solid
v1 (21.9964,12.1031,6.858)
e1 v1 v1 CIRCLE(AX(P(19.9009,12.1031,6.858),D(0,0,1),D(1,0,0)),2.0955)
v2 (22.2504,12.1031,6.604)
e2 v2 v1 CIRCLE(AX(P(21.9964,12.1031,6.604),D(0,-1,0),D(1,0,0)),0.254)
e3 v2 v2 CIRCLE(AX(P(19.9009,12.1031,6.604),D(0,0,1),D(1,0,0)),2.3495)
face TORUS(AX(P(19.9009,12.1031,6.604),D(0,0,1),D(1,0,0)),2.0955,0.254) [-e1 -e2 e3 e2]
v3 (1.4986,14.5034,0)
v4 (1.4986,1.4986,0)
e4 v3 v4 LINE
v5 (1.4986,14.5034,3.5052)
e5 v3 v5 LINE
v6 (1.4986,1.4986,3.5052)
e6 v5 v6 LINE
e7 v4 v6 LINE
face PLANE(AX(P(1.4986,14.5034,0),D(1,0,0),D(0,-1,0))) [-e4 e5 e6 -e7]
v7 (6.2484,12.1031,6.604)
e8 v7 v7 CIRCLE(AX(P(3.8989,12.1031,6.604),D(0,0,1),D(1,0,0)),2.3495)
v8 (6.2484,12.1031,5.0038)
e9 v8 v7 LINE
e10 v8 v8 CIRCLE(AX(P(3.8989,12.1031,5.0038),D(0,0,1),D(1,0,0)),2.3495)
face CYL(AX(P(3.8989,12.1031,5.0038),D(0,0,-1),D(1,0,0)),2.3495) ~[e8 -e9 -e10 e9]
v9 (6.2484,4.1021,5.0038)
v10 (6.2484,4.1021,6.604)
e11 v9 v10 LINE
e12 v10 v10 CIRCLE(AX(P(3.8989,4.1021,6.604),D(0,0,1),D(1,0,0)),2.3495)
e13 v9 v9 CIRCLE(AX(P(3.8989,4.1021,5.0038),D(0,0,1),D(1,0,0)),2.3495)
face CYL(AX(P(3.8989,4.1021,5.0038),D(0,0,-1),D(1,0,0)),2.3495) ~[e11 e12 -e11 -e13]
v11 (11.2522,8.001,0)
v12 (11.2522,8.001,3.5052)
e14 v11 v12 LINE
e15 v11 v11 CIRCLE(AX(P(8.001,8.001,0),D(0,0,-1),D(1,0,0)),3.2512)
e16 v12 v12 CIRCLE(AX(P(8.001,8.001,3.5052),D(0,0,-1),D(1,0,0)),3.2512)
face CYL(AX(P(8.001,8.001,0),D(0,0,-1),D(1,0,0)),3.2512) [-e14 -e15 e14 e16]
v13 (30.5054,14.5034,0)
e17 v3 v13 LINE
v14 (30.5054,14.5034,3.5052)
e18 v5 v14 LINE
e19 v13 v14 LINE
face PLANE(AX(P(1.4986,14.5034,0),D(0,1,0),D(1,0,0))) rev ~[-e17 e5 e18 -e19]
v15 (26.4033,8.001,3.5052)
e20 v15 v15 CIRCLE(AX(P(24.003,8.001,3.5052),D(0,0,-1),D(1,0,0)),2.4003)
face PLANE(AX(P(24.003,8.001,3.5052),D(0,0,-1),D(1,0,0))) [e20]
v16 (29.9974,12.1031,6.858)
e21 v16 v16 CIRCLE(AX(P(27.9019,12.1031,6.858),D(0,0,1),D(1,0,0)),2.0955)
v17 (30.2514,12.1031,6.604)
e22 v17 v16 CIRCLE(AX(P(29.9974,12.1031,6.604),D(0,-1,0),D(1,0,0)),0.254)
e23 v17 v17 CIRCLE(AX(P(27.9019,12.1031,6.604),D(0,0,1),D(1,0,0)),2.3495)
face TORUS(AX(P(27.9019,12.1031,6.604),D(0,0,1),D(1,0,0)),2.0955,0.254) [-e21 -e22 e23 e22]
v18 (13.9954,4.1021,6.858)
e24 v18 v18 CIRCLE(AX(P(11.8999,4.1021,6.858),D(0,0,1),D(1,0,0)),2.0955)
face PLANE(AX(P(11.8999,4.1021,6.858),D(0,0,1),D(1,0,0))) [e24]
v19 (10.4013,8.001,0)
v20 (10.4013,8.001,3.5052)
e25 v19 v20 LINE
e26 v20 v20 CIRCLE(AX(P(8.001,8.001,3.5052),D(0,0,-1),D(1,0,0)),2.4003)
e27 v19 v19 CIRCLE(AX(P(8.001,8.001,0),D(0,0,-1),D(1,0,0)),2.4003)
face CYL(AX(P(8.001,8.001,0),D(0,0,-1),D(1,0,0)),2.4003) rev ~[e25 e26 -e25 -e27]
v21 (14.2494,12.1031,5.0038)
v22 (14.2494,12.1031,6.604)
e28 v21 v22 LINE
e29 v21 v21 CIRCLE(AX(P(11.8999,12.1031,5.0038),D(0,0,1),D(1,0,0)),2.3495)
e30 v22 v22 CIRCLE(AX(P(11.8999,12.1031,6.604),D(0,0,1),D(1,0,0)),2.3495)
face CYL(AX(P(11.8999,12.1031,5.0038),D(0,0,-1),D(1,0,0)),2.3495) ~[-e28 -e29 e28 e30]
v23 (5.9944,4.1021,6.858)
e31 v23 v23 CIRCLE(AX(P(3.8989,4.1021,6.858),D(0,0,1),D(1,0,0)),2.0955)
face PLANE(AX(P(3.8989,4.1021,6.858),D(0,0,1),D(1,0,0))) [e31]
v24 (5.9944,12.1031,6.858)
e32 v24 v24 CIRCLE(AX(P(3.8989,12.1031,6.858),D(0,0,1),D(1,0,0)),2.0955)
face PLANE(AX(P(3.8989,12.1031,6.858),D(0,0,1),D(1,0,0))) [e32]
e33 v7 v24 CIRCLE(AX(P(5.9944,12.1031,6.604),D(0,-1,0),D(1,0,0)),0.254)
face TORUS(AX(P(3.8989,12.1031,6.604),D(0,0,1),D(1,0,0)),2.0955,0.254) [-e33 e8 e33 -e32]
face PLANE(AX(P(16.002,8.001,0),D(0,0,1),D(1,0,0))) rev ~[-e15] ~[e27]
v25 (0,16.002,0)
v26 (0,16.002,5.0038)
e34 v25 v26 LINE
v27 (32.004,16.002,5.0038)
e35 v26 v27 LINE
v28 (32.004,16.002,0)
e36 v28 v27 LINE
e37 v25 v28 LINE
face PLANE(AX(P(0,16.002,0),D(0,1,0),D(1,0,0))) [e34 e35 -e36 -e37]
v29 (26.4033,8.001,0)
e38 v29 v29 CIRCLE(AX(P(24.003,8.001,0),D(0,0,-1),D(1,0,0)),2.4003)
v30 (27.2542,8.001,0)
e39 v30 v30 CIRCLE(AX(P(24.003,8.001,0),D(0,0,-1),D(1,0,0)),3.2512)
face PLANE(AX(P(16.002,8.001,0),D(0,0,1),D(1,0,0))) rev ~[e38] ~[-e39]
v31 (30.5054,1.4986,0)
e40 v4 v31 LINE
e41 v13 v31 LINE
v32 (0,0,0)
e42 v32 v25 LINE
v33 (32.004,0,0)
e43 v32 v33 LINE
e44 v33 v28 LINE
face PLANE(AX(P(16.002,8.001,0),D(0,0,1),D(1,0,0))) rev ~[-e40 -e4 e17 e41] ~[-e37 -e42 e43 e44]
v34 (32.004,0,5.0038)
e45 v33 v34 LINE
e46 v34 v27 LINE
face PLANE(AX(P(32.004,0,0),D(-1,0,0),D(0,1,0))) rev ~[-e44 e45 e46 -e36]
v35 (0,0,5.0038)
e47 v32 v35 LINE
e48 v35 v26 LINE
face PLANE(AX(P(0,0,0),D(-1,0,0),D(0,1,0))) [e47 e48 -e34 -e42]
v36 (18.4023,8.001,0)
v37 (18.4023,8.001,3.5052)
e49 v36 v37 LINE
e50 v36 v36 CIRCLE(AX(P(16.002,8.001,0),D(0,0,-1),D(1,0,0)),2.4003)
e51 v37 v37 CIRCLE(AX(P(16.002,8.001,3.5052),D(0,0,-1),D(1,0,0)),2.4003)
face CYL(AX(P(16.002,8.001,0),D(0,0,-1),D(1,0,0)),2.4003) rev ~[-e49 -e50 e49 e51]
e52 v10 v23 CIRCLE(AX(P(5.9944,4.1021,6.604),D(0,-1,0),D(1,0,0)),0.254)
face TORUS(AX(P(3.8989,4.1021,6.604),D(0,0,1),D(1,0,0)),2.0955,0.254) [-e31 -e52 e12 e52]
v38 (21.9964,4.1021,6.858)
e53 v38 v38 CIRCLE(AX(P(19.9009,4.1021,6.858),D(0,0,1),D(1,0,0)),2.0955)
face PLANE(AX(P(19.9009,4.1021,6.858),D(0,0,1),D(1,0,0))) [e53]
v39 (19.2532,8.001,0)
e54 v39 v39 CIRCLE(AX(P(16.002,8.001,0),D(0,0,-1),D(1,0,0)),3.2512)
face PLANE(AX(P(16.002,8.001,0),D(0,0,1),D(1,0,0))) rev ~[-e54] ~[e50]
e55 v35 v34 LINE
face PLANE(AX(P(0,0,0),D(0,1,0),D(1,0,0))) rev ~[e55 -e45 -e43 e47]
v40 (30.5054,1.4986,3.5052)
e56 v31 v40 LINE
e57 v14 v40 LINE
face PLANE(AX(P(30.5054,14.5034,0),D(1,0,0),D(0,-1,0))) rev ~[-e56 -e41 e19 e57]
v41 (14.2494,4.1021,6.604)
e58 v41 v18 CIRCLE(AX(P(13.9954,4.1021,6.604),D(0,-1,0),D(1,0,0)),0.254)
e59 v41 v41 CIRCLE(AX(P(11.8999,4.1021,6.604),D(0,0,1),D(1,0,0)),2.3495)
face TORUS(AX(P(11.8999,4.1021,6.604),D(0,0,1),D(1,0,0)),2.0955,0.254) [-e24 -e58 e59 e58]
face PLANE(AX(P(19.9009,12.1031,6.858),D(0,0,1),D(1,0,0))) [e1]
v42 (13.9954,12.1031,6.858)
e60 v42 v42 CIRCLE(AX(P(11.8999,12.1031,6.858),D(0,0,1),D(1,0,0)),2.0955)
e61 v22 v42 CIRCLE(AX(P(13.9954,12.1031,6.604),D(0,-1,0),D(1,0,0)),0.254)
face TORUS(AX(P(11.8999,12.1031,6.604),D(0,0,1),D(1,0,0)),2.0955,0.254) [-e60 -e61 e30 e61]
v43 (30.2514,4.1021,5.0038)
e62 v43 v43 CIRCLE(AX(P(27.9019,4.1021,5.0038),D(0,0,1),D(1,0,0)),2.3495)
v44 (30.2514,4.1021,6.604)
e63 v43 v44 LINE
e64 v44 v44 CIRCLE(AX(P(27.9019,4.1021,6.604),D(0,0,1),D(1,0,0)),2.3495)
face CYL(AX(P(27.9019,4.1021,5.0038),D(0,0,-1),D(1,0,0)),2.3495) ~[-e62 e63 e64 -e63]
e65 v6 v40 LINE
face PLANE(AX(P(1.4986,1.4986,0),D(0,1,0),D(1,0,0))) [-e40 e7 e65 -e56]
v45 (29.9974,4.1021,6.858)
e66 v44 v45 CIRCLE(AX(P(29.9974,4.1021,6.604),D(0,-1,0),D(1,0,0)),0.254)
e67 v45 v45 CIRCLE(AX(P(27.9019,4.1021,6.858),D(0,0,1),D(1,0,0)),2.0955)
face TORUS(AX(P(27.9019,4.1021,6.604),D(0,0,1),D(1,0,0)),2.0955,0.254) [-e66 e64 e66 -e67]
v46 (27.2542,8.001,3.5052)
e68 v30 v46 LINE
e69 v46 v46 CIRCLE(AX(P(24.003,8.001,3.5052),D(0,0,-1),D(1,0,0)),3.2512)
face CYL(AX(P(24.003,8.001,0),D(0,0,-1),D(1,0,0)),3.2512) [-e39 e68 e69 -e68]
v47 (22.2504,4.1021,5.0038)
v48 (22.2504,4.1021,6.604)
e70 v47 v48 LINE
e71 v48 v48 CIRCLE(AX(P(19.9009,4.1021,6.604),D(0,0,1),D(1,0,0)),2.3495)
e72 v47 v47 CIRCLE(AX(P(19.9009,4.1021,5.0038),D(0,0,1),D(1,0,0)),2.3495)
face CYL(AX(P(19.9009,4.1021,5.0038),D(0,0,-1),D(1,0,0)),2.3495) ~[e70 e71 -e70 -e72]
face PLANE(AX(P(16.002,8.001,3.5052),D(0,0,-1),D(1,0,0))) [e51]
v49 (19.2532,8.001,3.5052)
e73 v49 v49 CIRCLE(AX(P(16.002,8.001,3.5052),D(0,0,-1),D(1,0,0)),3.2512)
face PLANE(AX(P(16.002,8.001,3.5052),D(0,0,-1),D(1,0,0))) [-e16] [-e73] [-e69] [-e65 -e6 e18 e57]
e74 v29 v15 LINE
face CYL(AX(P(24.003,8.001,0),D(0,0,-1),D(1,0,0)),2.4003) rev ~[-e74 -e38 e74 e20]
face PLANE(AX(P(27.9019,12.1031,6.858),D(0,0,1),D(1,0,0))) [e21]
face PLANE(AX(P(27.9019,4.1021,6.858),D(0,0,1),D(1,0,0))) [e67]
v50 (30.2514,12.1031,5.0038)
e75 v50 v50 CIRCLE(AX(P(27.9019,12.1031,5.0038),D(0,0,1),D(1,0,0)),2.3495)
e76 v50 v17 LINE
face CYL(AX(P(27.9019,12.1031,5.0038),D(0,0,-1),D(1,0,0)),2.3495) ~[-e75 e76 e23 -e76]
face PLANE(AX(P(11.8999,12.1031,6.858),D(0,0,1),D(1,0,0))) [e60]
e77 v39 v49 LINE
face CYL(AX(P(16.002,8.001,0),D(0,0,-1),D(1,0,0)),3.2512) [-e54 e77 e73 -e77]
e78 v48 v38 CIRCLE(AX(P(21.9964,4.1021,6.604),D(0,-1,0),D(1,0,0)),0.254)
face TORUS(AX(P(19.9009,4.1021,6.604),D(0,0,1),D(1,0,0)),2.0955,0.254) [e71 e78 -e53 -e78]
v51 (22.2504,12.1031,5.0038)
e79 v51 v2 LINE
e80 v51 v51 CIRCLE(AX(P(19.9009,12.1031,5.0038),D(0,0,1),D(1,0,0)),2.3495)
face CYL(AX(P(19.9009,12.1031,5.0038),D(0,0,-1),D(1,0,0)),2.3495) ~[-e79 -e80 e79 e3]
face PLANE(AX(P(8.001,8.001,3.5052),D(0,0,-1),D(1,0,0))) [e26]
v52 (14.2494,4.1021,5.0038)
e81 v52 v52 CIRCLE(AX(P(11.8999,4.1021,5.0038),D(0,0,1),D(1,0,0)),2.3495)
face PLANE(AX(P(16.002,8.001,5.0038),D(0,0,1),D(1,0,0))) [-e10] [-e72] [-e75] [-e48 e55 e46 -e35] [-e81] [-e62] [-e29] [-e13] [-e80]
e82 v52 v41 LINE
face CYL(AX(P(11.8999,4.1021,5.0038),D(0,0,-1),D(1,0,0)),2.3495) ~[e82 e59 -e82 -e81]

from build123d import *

# Parameters (mm, degrees)
F0_W     = 32.004
F0_H     = 16.002
F1_DEPTH = 5.0038
F2_R     = 2.3495
F3_DEPTH = 1.8542
F4_R     = 0.254
F5_W     = 29.0068
F5_H     = 13.0048
F5_R     = 3.2512
F5_R_2   = 2.4003
F6_DEPTH = 3.5052


with BuildPart() as f1:
    # F0 (on Top) → F1 (new body)
    with BuildSketch(Plane.XY):
        with Locations((16.002, 8.001)):
            Rectangle(F0_W, F0_H)
    extrude(amount=F1_DEPTH)

    # F2 (on face) → F3 (join)
    with BuildSketch(Plane.XY.offset(5.0038)):
        with Locations((3.8989, 4.1021)):
            Circle(F2_R)
        with Locations((11.8999, 4.1021)):
            Circle(F2_R)
        with Locations((19.9009, 4.1021)):
            Circle(F2_R)
        with Locations((3.8989, 12.1031)):
            Circle(F2_R)
        with Locations((11.8999, 12.1031)):
            Circle(F2_R)
        with Locations((19.9009, 12.1031)):
            Circle(F2_R)
        with Locations((27.9019, 12.1031)):
            Circle(F2_R)
        with Locations((27.9019, 4.1021)):
            Circle(F2_R)
    extrude(amount=F3_DEPTH)

    # F4
    f4_edges = [f1.edges().sort_by_distance(p)[0] for p in [
        (1.5494, 4.1021, 6.858),
        (9.5504, 4.1021, 6.858),
        (17.5514, 4.1021, 6.858),
        (25.5524, 4.1021, 6.858),
        (25.5524, 12.1031, 6.858),
        (17.5514, 12.1031, 6.858),
        (9.5504, 12.1031, 6.858),
        (1.5494, 12.1031, 6.858),
    ]]
    fillet(f4_edges, radius=F4_R)

    # F5 (on face) → F6 (cut)
    with BuildSketch(Plane(origin=(0, 0, 0), x_dir=(1, 0, 0), z_dir=(0, 0, -1))):
        with Locations((16.002, -8.001)):
            Rectangle(F5_W, F5_H)
        with Locations((8.001, -8.001)):
            Circle(F5_R, mode=Mode.SUBTRACT)
        with Locations((16.002, -8.001)):
            Circle(F5_R, mode=Mode.SUBTRACT)
        with Locations((24.003, -8.001)):
            Circle(F5_R, mode=Mode.SUBTRACT)
        with Locations((24.003, -8.001)):
            Circle(F5_R_2)
        with Locations((16.002, -8.001)):
            Circle(F5_R_2)
        with Locations((8.001, -8.001)):
            Circle(F5_R_2)
    extrude(amount=-F6_DEPTH, mode=Mode.SUBTRACT)


solid = f1.part
